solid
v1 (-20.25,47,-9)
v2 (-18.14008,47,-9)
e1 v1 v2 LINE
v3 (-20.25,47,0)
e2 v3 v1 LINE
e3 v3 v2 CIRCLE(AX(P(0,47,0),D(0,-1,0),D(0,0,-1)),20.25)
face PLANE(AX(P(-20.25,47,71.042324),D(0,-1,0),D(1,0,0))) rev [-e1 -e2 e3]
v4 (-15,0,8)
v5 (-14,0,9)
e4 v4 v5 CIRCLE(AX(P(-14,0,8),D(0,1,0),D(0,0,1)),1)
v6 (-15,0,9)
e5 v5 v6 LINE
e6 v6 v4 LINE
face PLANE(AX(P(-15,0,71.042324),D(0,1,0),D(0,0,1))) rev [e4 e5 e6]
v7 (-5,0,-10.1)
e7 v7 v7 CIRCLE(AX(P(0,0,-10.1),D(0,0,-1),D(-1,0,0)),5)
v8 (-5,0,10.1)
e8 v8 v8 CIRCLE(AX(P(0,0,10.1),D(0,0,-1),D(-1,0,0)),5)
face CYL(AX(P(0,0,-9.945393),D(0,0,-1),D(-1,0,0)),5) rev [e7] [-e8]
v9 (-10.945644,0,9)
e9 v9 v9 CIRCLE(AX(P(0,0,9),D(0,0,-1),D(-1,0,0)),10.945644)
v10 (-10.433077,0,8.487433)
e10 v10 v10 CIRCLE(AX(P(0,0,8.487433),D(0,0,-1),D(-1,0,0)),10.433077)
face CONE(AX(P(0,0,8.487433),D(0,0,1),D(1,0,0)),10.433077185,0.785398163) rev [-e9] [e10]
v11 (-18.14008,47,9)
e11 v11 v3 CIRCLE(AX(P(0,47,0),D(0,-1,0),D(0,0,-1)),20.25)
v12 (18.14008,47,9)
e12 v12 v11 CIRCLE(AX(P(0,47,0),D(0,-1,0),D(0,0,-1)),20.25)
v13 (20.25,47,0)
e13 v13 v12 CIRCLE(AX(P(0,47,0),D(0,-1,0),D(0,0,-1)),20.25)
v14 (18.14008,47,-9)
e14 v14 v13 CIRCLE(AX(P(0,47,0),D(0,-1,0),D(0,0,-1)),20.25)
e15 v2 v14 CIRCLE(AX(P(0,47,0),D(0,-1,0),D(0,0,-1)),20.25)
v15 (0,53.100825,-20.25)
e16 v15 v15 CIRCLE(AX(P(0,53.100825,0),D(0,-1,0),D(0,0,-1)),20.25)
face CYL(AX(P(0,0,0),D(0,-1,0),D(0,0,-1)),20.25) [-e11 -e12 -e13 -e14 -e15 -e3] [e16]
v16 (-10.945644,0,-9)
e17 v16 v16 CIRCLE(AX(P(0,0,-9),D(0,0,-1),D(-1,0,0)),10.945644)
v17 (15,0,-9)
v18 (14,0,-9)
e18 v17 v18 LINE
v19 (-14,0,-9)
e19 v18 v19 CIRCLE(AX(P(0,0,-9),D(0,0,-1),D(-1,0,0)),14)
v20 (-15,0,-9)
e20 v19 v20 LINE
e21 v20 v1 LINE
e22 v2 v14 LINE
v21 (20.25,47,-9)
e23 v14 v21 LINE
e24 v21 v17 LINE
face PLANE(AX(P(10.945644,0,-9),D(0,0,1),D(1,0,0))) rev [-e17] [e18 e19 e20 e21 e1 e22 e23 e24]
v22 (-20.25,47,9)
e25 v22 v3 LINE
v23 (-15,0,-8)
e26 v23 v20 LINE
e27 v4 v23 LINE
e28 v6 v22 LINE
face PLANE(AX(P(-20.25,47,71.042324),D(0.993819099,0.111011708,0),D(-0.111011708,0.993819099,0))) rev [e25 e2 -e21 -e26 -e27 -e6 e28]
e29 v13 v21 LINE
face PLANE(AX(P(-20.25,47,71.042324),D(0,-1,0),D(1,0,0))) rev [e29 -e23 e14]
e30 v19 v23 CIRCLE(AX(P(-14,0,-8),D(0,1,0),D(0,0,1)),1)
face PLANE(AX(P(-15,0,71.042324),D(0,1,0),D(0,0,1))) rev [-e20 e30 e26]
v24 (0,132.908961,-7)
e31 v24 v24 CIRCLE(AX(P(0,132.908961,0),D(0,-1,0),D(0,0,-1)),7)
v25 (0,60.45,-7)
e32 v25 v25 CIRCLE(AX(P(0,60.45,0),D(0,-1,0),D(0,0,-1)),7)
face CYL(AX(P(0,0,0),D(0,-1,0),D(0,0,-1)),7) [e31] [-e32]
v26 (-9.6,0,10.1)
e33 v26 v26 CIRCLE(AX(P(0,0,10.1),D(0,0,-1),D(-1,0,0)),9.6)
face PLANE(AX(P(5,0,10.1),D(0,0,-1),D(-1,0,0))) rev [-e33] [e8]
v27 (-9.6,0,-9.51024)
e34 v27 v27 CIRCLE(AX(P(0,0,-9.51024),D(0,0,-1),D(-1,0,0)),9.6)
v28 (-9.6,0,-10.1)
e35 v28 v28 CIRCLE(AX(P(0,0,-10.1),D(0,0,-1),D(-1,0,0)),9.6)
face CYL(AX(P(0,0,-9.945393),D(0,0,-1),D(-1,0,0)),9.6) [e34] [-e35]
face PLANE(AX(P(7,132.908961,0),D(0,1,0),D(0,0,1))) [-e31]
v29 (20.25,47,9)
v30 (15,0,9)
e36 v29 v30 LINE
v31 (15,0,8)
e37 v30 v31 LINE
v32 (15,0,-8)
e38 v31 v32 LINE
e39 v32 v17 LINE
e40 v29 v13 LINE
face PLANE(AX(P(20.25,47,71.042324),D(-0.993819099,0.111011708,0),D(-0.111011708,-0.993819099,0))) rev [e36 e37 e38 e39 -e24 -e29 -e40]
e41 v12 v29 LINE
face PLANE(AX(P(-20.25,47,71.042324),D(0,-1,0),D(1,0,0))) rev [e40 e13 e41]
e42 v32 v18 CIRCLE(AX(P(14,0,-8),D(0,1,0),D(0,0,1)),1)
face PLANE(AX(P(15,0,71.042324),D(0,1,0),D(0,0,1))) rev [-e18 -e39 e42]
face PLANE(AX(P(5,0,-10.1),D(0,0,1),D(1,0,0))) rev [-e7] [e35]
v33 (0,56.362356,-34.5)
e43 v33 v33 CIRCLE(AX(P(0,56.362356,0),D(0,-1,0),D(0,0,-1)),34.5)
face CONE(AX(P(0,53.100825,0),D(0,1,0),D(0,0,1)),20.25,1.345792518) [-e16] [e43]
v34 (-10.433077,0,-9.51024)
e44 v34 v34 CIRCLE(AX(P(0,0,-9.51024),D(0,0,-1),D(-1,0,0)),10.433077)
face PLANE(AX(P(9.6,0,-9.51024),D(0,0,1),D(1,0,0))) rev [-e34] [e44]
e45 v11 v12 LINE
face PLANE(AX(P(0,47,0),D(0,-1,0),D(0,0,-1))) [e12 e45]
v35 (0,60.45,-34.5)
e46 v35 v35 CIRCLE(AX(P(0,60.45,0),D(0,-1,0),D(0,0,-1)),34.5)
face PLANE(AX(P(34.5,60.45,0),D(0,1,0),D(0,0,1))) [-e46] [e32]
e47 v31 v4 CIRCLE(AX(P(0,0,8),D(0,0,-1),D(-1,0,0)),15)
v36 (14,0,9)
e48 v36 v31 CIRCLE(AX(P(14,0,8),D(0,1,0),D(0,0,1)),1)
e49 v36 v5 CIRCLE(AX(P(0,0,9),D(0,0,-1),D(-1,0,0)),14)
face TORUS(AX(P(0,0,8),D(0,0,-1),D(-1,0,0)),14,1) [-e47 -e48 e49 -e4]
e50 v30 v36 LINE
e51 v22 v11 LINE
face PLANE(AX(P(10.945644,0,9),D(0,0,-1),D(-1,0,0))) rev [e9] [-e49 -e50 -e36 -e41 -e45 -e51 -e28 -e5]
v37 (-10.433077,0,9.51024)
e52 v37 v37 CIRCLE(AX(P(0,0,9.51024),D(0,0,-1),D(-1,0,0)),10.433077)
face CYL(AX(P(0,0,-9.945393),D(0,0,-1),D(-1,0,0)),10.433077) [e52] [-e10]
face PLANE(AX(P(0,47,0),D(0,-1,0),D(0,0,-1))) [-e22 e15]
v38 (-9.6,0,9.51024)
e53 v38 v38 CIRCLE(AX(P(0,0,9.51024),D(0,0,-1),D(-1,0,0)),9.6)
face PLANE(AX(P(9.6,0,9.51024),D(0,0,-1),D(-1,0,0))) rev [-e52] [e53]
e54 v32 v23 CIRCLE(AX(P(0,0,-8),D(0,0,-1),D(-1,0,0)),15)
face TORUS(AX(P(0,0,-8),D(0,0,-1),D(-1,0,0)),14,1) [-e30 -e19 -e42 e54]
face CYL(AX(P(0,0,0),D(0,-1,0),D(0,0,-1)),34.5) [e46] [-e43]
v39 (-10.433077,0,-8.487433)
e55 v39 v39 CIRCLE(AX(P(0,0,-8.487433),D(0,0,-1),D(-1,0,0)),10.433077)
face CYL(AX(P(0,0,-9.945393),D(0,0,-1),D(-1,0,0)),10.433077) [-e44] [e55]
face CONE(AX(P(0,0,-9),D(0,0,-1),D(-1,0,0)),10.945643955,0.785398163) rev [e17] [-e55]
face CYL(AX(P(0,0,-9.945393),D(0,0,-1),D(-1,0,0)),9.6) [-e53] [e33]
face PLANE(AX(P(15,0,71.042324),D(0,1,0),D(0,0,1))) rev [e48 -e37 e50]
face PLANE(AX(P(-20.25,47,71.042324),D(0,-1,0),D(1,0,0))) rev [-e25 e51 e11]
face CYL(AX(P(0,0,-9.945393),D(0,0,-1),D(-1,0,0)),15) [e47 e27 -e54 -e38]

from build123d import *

# Parameters (mm, degrees)
EXTRUDE1_REACH             = 12.1
EXTRUDE1_DIRECTION_2_REACH = 12.1


with BuildPart() as part:
    # Sketch2 → Revolve1 (revolve)
    with BuildSketch(Plane(origin=(0, 0, 0), x_dir=(1, 0, 0), z_dir=(0, 1, 0))):
        with BuildLine():
            Line((5, 10.1), (5, -10.1))
            Line((5, -10.1), (9.6, -10.1))
            Line((9.6, -10.1), (9.6, -9.510239904))
            Line((9.6, -9.510239904), (10.433077185, -9.510239904))
            Line((10.433077185, -9.510239904), (10.433077185, -8.48743323))
            Line((10.433077185, -8.48743323), (10.945643955, -9))
            Line((10.945643955, -9), (14, -9))
            ThreePointArc((14, -9), (14.707106781, -8.707106781), (15, -8))
            Line((15, -8), (15, 8))
            ThreePointArc((15, 8), (14.707106781, 8.707106781), (14, 9))
            Line((14, 9), (10.945643955, 9))
            Line((10.945643955, 9), (10.433077185, 8.48743323))
            Line((10.433077185, 8.48743323), (10.433077185, 9.510239904))
            Line((10.433077185, 9.510239904), (9.6, 9.510239904))
            Line((9.6, 9.510239904), (9.6, 10.1))
            Line((9.6, 10.1), (5, 10.1))
        make_face()
    revolve(axis=Axis((0, 0, -9.945393457), (0, 0, 1)))

    # Extrude1: up to this face of the body (flat: up to its plane)
    extrude1_end = Plane(part.part.faces().sort_by_distance((-11.341623752, 0, 9))[0])
    # Sketch3 → Extrude1 (add, up to the picked face)
    with BuildSketch(Plane.XY, mode=Mode.PRIVATE) as extrude1_sk1:
        with BuildLine():
            Line((-20.25, 47), (-15, 0))
            Line((-15, 0), (-10.945643955, 0))
            ThreePointArc((-10.945643955, 0), (0, 10.945643955), (10.945643955, 0))
            Line((10.945643955, 0), (15, 0))
            Line((15, 0), (20.25, 47))
            Line((20.25, 47), (-20.25, 47))
        make_face()
    extrude1_tool1 = split(extrude(extrude1_sk1.sketch, amount=EXTRUDE1_REACH, mode=Mode.PRIVATE), bisect_by=extrude1_end, keep=Keep.BOTH, mode=Mode.PRIVATE)
    add(extrude1_tool1.solids().sort_by_distance((0, 27.232341, 0))[0])

    # Extrude1 direction 2: up to this face of the body (flat: up to its plane)
    extrude1_direction_2_end = Plane(part.part.faces().sort_by_distance((-13.604020203, 0, -9))[0])
    # Sketch3 → Extrude1 direction 2 (add, up to the picked face)
    with BuildSketch(Plane.XY, mode=Mode.PRIVATE) as extrude1_direction_2_sk1:
        with BuildLine():
            Line((-20.25, 47), (-15, 0))
            Line((-15, 0), (-10.945643955, 0))
            ThreePointArc((-10.945643955, 0), (0, 10.945643955), (10.945643955, 0))
            Line((10.945643955, 0), (15, 0))
            Line((15, 0), (20.25, 47))
            Line((20.25, 47), (-20.25, 47))
        make_face()
    extrude1_direction_2_tool1 = split(extrude(extrude1_direction_2_sk1.sketch, amount=-EXTRUDE1_DIRECTION_2_REACH, mode=Mode.PRIVATE), bisect_by=extrude1_direction_2_end, keep=Keep.BOTH, mode=Mode.PRIVATE)
    add(extrude1_direction_2_tool1.solids().sort_by_distance((0, 27.232341, 0))[0])

    # Sketch7 → Revolve2 (revolve)
    with BuildSketch(Plane.XY):
        Polygon((0, 47), (20.25, 47), (20.25, 53.100825313), (34.5, 56.36235646), (34.5, 60.45), (7, 60.45), (7, 132.908961398), (0, 132.908961398), align=None)
    revolve(axis=Axis((0, 0, 0), (0, 1, 0)))


solid = part.part
